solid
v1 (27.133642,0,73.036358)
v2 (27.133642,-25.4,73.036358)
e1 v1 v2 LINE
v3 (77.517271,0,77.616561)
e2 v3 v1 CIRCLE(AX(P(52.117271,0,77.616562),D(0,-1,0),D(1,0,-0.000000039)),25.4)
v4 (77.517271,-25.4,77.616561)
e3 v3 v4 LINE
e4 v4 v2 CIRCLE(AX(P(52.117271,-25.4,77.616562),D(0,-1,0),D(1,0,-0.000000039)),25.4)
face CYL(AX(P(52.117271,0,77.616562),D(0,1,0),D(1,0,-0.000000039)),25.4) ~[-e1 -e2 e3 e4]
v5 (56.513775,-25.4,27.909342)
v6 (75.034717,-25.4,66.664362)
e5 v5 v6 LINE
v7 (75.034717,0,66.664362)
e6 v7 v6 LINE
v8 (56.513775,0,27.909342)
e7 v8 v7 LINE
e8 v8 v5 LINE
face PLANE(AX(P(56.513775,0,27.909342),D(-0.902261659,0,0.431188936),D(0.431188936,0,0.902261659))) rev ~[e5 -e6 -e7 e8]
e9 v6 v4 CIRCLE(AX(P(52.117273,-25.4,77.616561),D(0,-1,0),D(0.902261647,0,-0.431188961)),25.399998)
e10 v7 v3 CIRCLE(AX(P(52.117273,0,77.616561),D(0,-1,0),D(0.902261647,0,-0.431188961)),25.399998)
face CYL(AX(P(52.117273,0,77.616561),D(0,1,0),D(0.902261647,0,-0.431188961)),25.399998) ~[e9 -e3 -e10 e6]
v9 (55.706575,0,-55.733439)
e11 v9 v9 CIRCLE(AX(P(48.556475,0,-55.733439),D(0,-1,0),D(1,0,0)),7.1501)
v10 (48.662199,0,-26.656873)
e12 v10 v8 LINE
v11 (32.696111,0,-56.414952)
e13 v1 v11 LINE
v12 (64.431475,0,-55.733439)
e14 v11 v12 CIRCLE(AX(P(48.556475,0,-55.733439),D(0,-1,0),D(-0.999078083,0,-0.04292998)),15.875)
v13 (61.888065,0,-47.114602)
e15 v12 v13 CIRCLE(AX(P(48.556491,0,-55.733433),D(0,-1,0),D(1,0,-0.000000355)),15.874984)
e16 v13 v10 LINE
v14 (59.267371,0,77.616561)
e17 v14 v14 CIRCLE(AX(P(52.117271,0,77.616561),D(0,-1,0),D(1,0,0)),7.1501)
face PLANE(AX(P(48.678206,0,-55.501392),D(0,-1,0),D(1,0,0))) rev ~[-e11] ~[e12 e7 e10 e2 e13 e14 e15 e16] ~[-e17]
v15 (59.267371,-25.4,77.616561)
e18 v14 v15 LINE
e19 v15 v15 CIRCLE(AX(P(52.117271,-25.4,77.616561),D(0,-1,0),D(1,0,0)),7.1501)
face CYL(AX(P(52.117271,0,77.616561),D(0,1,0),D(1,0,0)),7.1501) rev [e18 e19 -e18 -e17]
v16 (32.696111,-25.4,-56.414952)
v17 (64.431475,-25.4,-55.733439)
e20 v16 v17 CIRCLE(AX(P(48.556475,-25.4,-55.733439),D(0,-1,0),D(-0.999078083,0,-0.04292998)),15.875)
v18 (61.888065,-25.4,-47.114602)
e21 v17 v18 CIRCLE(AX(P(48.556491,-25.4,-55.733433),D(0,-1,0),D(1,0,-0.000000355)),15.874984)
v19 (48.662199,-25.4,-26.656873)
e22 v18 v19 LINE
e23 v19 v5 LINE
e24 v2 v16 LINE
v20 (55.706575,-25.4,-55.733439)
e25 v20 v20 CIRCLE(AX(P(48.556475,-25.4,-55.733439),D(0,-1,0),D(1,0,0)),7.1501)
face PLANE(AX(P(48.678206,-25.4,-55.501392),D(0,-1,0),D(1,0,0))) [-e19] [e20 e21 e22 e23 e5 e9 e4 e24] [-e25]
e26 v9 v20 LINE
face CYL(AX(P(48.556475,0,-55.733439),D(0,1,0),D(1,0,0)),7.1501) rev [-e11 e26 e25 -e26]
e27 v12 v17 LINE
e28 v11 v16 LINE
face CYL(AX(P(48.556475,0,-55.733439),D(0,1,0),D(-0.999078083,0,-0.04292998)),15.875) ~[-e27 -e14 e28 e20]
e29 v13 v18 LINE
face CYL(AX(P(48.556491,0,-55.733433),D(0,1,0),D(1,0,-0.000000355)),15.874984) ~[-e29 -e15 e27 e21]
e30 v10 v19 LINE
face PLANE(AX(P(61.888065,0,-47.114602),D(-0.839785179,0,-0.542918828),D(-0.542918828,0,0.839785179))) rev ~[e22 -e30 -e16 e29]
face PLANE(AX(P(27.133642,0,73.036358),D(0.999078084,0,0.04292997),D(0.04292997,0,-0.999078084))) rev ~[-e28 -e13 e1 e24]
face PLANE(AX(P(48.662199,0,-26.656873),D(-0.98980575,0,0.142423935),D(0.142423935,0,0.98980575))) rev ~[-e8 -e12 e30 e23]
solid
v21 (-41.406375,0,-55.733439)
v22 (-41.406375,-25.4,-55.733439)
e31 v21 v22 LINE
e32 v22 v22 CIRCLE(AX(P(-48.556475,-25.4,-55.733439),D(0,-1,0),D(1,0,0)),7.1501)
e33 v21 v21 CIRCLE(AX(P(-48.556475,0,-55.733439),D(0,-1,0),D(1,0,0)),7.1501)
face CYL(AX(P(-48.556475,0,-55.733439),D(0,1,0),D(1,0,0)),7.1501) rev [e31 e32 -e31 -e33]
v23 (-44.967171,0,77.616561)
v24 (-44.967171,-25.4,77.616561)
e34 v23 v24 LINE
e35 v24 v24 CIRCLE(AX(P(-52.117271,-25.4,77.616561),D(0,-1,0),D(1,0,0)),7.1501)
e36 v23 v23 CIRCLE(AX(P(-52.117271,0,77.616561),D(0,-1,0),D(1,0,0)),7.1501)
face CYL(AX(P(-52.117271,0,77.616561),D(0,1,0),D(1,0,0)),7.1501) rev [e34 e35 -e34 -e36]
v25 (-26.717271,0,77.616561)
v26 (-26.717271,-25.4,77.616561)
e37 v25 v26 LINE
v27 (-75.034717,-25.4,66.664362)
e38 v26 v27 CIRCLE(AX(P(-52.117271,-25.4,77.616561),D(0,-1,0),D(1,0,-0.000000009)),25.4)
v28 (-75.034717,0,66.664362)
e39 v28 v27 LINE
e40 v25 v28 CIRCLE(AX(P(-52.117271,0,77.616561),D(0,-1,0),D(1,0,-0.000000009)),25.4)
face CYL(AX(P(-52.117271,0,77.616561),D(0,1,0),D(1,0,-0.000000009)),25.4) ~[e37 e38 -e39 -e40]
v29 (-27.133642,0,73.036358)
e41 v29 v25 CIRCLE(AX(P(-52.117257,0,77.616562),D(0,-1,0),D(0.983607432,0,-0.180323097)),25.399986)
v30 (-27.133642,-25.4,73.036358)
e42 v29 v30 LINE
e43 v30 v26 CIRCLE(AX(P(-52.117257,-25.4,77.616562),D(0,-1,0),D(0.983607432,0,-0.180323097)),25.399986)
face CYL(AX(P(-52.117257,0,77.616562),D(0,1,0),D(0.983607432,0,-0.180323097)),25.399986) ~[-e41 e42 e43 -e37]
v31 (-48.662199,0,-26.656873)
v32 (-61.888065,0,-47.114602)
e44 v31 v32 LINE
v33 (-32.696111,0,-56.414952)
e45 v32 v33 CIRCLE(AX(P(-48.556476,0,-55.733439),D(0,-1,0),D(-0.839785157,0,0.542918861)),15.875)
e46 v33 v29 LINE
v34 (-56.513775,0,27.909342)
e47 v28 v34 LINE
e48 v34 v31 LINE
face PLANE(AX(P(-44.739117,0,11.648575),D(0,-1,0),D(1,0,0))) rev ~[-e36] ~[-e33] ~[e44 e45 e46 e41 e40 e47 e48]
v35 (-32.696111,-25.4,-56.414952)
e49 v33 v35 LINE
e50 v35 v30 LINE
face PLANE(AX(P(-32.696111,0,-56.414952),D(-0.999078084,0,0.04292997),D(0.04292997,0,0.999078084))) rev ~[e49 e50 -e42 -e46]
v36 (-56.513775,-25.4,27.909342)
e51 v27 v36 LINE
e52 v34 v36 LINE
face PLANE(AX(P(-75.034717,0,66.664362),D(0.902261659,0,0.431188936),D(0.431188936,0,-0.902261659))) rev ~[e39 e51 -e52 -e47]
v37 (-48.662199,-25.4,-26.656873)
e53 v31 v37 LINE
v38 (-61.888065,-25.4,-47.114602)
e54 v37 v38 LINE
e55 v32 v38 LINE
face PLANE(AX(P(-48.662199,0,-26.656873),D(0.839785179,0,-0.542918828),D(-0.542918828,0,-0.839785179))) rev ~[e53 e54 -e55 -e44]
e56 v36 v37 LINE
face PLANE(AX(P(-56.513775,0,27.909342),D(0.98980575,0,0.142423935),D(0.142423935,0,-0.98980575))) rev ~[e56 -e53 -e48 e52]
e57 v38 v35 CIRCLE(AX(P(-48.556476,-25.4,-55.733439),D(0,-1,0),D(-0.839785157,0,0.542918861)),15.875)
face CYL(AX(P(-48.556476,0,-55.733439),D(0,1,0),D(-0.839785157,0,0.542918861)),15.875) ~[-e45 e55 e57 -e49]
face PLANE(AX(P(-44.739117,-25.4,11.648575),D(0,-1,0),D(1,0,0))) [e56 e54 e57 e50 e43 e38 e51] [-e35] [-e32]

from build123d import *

# Parameters (mm, degrees)
F0_R     = 7.1501
F1_DEPTH = 25.4


with BuildPart() as f1:
    # F0 (on Front) → F1 (new body)
    with BuildSketch(Plane.XZ):
        with BuildLine():
            ThreePointArc((-27.133642, 73.036358), (-48.767964, 52.438354), (-75.034717, 66.664362))
            Line((-75.034717, 66.664362), (-56.513775, 27.909342))
            Line((-56.513775, 27.909342), (-48.662199, -26.656873))
            Line((-48.662199, -26.656873), (-61.888065, -47.114602))
            ThreePointArc((-61.888065, -47.114602), (-44.063334, -40.507562), (-32.681475, -55.733439))
            ThreePointArc((-32.681475, -55.733439), (-32.685135, -56.074274), (-32.696111, -56.414952))
            Line((-32.696111, -56.414952), (-27.133642, 73.036358))
        make_face()
        with BuildLine():
            ThreePointArc((-27.133642, 73.036358), (-26.821578, 75.317016), (-26.717271, 77.616561))
            ThreePointArc((-26.717271, 77.616561), (-57.73229, 102.388149), (-75.034717, 66.664362))
            ThreePointArc((-75.034717, 66.664362), (-48.767964, 52.438354), (-27.133642, 73.036358))
        make_face()
        with Locations((-52.117271, 77.616561)):
            Circle(F0_R, mode=Mode.SUBTRACT)
        with BuildLine():
            ThreePointArc((-61.888065, -47.114602), (-53.37548, -70.859338), (-32.696111, -56.414952))
            ThreePointArc((-32.696111, -56.414952), (-32.685135, -56.074274), (-32.681475, -55.733439))
            ThreePointArc((-32.681475, -55.733439), (-44.063334, -40.507562), (-61.888065, -47.114602))
        make_face()
        with Locations((-48.556475, -55.733439)):
            Circle(F0_R, mode=Mode.SUBTRACT)
        with BuildLine():
            ThreePointArc((61.888065, -47.114602), (43.737471, -40.607539), (32.696111, -56.414952))
            ThreePointArc((32.696111, -56.414952), (48.897311, -71.604779), (64.431475, -55.733439))
            ThreePointArc((64.431475, -55.733439), (63.782352, -51.240297), (61.888065, -47.114602))
        make_face()
        with Locations((48.556475, -55.733439)):
            Circle(F0_R, mode=Mode.SUBTRACT)
        with BuildLine():
            Line((56.513775, 27.909342), (75.034717, 66.664362))
            ThreePointArc((75.034717, 66.664362), (48.767964, 52.438354), (27.133642, 73.036358))
            Line((27.133642, 73.036358), (32.696111, -56.414952))
            ThreePointArc((32.696111, -56.414952), (43.737471, -40.607539), (61.888065, -47.114602))
            Line((61.888065, -47.114602), (48.662199, -26.656873))
            Line((48.662199, -26.656873), (56.513775, 27.909342))
        make_face()
        with BuildLine():
            ThreePointArc((27.133642, 73.036358), (48.767964, 52.438354), (75.034717, 66.664362))
            ThreePointArc((75.034717, 66.664362), (76.888859, 72.001543), (77.517271, 77.616561))
            ThreePointArc((77.517271, 77.616561), (49.817726, 102.912255), (27.133642, 73.036358))
        make_face()
        with Locations((52.117271, 77.616561)):
            Circle(F0_R, mode=Mode.SUBTRACT)
    extrude(amount=F1_DEPTH)


solid = f1.part
